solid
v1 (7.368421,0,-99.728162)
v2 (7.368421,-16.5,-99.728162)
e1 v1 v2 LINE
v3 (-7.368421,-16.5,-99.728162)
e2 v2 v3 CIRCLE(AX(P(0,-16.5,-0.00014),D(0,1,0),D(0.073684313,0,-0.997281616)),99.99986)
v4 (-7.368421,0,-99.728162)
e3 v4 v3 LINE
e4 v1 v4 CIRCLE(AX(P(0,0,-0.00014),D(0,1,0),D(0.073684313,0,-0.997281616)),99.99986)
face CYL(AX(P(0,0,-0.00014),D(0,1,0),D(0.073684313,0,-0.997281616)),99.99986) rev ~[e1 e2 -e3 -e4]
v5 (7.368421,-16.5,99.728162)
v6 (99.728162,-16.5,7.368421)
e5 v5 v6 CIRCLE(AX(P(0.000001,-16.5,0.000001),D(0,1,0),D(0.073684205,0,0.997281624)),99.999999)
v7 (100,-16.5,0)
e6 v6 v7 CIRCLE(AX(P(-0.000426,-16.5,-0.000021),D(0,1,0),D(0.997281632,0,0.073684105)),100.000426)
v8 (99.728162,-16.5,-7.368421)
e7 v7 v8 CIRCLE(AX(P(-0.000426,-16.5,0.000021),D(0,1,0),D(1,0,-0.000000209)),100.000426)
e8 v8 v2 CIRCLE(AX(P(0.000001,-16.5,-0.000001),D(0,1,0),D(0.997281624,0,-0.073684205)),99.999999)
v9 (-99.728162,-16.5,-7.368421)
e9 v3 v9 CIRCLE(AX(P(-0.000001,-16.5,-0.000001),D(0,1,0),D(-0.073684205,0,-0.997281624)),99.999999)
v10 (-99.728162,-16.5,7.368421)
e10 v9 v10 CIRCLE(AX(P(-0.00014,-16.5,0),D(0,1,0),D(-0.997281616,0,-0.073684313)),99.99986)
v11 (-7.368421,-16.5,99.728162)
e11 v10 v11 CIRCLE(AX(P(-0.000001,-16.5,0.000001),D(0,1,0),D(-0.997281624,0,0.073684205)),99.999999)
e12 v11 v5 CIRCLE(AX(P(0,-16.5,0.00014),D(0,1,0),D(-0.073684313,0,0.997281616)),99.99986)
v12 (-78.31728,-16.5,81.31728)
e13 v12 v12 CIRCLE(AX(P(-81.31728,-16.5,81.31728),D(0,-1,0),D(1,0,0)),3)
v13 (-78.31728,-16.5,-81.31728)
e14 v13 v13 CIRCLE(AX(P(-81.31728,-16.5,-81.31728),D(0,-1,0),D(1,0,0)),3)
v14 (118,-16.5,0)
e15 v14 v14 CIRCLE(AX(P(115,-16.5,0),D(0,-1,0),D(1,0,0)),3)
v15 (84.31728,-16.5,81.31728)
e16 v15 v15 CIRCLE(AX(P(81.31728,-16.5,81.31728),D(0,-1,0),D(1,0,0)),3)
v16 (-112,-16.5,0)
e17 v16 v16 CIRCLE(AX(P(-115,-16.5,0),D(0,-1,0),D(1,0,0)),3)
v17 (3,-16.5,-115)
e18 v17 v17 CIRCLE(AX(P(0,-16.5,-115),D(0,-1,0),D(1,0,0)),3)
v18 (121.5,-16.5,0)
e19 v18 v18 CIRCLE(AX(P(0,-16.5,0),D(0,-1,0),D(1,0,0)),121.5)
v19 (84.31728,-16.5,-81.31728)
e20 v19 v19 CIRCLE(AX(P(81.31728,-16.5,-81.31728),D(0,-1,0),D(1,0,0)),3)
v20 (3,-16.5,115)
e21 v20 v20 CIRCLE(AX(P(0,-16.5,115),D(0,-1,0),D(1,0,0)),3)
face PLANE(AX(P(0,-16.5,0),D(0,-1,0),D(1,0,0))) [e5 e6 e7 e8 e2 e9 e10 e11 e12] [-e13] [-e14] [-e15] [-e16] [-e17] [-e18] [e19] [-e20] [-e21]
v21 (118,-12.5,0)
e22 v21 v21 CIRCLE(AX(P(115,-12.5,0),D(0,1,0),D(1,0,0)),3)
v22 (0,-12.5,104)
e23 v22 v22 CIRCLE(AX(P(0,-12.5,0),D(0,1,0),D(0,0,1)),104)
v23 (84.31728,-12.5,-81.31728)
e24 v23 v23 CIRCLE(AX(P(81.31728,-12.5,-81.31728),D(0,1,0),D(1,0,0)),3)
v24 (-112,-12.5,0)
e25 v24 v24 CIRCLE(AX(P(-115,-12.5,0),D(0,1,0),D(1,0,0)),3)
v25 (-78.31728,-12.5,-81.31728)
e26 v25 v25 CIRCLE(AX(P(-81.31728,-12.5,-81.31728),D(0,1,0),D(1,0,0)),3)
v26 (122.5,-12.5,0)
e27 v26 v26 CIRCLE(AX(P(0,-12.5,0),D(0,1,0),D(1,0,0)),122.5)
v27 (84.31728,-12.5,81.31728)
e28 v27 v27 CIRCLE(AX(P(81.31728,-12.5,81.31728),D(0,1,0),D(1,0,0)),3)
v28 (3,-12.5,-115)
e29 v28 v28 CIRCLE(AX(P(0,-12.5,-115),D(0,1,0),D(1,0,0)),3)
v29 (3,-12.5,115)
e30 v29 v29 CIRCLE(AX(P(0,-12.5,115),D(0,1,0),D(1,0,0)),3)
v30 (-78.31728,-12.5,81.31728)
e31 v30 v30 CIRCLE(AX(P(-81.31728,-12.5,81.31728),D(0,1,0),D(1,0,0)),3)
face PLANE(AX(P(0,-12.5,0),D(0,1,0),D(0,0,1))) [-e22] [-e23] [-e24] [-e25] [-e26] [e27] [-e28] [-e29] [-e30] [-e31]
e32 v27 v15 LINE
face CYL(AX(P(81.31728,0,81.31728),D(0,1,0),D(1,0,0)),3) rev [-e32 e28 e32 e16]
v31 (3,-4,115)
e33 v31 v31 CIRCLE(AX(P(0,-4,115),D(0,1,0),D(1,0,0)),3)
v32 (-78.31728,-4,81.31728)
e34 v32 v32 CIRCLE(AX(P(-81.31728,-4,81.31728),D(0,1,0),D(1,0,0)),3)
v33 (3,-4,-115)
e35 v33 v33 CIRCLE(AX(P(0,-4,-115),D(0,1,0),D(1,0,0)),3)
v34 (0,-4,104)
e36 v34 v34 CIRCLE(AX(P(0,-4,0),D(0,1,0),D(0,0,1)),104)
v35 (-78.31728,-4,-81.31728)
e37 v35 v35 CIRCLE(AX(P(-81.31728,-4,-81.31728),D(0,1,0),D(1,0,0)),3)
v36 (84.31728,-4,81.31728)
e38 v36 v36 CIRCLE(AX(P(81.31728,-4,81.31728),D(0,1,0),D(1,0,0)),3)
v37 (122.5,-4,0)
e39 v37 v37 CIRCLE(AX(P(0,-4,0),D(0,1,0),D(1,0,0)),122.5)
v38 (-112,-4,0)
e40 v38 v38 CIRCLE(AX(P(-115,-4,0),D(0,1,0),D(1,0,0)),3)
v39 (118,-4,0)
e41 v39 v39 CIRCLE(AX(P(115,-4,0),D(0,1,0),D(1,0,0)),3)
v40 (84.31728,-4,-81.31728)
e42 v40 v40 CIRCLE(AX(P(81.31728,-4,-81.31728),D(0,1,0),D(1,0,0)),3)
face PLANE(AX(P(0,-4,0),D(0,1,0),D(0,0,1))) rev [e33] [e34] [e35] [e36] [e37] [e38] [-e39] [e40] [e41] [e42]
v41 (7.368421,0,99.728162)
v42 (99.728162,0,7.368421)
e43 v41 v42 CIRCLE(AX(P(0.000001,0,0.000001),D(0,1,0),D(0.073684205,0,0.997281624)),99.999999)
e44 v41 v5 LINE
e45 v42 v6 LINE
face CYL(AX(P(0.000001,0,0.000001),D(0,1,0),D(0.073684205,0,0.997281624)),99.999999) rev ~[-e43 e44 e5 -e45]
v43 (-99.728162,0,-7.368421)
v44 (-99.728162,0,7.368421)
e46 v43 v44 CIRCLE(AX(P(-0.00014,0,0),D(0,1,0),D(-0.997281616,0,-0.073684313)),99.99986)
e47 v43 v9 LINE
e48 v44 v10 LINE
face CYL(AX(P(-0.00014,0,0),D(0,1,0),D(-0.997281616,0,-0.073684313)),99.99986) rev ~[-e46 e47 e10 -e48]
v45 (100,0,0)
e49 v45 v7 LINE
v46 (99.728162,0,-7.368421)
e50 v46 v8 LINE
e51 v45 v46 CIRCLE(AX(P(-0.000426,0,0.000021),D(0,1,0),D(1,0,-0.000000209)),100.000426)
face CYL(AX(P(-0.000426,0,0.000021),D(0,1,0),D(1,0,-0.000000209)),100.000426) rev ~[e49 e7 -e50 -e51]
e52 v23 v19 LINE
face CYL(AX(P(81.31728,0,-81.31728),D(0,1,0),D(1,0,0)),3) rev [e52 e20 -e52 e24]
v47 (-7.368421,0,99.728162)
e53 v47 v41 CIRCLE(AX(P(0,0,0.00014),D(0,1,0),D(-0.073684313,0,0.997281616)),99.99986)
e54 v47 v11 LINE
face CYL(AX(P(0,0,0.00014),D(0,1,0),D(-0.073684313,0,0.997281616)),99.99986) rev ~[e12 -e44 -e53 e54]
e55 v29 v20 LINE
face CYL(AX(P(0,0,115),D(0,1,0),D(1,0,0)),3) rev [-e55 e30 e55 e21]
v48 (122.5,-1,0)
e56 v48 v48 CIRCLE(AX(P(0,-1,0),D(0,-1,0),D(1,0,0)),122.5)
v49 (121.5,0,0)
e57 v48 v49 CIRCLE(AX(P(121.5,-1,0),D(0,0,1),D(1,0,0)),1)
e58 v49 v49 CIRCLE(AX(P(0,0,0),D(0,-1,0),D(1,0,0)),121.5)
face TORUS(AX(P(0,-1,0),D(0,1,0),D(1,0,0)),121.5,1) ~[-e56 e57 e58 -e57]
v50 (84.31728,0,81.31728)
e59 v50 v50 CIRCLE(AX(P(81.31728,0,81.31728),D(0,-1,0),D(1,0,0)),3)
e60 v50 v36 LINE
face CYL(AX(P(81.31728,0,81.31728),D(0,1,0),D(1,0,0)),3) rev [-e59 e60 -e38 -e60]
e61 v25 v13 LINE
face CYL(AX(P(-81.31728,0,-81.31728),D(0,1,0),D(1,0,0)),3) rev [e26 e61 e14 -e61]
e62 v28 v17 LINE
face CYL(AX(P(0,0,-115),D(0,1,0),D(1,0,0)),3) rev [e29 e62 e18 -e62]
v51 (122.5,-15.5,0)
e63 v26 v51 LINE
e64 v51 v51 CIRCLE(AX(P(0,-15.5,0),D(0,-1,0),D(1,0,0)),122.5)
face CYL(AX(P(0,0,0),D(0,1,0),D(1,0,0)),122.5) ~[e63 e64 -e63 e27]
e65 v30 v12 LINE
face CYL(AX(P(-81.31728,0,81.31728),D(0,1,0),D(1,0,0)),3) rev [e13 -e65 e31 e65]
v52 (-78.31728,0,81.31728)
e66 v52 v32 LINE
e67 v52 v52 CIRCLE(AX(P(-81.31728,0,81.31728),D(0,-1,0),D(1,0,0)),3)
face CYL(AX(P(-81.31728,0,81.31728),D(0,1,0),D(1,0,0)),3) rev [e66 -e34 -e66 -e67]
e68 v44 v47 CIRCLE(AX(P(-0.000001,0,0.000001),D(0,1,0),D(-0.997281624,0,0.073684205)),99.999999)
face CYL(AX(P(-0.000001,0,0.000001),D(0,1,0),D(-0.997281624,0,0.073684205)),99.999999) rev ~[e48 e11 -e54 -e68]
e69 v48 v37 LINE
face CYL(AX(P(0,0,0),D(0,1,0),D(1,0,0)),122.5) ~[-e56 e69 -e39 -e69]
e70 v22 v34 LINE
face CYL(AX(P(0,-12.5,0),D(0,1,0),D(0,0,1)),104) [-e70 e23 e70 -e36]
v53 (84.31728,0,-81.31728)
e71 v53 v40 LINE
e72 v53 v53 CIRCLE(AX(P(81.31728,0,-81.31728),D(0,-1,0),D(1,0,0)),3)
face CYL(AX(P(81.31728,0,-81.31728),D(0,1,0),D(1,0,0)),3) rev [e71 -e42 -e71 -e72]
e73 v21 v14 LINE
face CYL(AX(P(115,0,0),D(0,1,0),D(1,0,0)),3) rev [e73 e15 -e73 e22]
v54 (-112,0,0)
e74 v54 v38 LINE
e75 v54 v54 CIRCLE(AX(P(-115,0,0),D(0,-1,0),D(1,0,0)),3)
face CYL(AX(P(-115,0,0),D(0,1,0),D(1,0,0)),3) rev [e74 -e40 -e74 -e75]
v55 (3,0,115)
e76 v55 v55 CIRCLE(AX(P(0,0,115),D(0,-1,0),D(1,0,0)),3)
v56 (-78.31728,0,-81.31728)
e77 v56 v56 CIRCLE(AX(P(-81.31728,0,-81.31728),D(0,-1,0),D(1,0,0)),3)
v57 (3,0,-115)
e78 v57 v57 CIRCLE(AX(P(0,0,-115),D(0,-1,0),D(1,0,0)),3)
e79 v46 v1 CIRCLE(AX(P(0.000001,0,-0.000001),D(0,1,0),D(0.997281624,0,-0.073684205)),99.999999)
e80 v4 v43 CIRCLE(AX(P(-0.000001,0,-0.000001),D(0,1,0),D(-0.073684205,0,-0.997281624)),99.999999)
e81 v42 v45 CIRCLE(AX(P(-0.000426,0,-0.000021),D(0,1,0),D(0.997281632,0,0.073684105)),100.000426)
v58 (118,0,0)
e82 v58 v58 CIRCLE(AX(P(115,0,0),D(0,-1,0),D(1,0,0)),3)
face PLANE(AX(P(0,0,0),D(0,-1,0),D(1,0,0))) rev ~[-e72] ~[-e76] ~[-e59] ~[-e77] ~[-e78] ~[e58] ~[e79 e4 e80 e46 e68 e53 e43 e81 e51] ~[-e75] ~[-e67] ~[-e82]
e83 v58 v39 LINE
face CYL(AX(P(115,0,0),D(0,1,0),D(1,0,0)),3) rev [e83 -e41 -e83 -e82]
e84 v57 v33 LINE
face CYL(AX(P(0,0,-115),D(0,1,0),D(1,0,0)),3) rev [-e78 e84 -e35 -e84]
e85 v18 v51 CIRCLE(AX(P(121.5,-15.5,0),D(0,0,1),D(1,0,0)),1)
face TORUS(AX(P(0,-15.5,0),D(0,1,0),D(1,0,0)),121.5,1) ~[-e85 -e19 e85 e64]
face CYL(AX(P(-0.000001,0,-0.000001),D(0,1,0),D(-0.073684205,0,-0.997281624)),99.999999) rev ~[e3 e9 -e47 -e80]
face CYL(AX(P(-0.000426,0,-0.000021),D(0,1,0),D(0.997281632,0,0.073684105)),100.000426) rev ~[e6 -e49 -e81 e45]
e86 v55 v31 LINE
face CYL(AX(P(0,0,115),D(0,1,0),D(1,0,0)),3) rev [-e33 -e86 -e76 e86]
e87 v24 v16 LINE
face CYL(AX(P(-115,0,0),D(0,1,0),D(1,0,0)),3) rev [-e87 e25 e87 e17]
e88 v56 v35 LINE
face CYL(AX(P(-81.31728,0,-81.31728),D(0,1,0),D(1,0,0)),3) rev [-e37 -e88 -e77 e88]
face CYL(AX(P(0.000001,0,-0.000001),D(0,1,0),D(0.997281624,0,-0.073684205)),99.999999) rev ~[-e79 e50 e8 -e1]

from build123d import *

# Parameters (mm, degrees)
F0_R     = 122.5
F0_R_2   = 3
F1_DEPTH = 16.5
F4_R     = 1


with BuildPart() as f1:
    # F0 (on Front) → F1 (new body)
    with BuildSketch(Plane.XZ):
        Circle(F0_R)
        with Locations((-81.31728, -81.31728)):
            Circle(F0_R_2, mode=Mode.SUBTRACT)
        with Locations((0, -115)):
            Circle(F0_R_2, mode=Mode.SUBTRACT)
        with Locations((81.31728, -81.31728)):
            Circle(F0_R_2, mode=Mode.SUBTRACT)
        with Locations((-115, 0)):
            Circle(F0_R_2, mode=Mode.SUBTRACT)
        with Locations((-81.31728, 81.31728)):
            Circle(F0_R_2, mode=Mode.SUBTRACT)
        with BuildLine():
            ThreePointArc((-99.728162, 7.368421), (-70.710678, 70.710678), (-7.368421, 99.728162))
            ThreePointArc((-7.368421, 99.728162), (0, 100), (7.368421, 99.728162))
            ThreePointArc((7.368421, 99.728162), (70.710678, 70.710678), (99.728162, 7.368421))
            ThreePointArc((99.728162, 7.368421), (99.932017, 3.686717), (100, 0))
            ThreePointArc((100, 0), (99.932017, -3.686717), (99.728162, -7.368421))
            ThreePointArc((99.728162, -7.368421), (70.710678, -70.710678), (7.368421, -99.728162))
            ThreePointArc((7.368421, -99.728162), (0, -100), (-7.368421, -99.728162))
            ThreePointArc((-7.368421, -99.728162), (-70.710678, -70.710678), (-99.728162, -7.368421))
            ThreePointArc((-99.728162, -7.368421), (-100, 0), (-99.728162, 7.368421))
        make_face(mode=Mode.SUBTRACT)
        with Locations((115, 0)):
            Circle(F0_R_2, mode=Mode.SUBTRACT)
        with Locations((0, 115)):
            Circle(F0_R_2, mode=Mode.SUBTRACT)
        with Locations((81.31728, 81.31728)):
            Circle(F0_R_2, mode=Mode.SUBTRACT)
    extrude(amount=F1_DEPTH)

    # F2 (on Right) → F3 (revolve, cut)
    with BuildSketch(Plane.YZ):
        Polygon((-12.5, 104), (-4, 104), (-4, 126.782835), (-12.5, 127.067506), align=None)
    revolve(axis=Axis((0, 30.039648, 0), (0, 1, 0)), mode=Mode.SUBTRACT)

    # F4
    f4_edges = [f1.edges().sort_by_distance(p)[0] for p in [
        (-122.5, -16.5, 0),
        (-122.5, 0, 0),
    ]]
    fillet(f4_edges, radius=F4_R)


solid = f1.part
